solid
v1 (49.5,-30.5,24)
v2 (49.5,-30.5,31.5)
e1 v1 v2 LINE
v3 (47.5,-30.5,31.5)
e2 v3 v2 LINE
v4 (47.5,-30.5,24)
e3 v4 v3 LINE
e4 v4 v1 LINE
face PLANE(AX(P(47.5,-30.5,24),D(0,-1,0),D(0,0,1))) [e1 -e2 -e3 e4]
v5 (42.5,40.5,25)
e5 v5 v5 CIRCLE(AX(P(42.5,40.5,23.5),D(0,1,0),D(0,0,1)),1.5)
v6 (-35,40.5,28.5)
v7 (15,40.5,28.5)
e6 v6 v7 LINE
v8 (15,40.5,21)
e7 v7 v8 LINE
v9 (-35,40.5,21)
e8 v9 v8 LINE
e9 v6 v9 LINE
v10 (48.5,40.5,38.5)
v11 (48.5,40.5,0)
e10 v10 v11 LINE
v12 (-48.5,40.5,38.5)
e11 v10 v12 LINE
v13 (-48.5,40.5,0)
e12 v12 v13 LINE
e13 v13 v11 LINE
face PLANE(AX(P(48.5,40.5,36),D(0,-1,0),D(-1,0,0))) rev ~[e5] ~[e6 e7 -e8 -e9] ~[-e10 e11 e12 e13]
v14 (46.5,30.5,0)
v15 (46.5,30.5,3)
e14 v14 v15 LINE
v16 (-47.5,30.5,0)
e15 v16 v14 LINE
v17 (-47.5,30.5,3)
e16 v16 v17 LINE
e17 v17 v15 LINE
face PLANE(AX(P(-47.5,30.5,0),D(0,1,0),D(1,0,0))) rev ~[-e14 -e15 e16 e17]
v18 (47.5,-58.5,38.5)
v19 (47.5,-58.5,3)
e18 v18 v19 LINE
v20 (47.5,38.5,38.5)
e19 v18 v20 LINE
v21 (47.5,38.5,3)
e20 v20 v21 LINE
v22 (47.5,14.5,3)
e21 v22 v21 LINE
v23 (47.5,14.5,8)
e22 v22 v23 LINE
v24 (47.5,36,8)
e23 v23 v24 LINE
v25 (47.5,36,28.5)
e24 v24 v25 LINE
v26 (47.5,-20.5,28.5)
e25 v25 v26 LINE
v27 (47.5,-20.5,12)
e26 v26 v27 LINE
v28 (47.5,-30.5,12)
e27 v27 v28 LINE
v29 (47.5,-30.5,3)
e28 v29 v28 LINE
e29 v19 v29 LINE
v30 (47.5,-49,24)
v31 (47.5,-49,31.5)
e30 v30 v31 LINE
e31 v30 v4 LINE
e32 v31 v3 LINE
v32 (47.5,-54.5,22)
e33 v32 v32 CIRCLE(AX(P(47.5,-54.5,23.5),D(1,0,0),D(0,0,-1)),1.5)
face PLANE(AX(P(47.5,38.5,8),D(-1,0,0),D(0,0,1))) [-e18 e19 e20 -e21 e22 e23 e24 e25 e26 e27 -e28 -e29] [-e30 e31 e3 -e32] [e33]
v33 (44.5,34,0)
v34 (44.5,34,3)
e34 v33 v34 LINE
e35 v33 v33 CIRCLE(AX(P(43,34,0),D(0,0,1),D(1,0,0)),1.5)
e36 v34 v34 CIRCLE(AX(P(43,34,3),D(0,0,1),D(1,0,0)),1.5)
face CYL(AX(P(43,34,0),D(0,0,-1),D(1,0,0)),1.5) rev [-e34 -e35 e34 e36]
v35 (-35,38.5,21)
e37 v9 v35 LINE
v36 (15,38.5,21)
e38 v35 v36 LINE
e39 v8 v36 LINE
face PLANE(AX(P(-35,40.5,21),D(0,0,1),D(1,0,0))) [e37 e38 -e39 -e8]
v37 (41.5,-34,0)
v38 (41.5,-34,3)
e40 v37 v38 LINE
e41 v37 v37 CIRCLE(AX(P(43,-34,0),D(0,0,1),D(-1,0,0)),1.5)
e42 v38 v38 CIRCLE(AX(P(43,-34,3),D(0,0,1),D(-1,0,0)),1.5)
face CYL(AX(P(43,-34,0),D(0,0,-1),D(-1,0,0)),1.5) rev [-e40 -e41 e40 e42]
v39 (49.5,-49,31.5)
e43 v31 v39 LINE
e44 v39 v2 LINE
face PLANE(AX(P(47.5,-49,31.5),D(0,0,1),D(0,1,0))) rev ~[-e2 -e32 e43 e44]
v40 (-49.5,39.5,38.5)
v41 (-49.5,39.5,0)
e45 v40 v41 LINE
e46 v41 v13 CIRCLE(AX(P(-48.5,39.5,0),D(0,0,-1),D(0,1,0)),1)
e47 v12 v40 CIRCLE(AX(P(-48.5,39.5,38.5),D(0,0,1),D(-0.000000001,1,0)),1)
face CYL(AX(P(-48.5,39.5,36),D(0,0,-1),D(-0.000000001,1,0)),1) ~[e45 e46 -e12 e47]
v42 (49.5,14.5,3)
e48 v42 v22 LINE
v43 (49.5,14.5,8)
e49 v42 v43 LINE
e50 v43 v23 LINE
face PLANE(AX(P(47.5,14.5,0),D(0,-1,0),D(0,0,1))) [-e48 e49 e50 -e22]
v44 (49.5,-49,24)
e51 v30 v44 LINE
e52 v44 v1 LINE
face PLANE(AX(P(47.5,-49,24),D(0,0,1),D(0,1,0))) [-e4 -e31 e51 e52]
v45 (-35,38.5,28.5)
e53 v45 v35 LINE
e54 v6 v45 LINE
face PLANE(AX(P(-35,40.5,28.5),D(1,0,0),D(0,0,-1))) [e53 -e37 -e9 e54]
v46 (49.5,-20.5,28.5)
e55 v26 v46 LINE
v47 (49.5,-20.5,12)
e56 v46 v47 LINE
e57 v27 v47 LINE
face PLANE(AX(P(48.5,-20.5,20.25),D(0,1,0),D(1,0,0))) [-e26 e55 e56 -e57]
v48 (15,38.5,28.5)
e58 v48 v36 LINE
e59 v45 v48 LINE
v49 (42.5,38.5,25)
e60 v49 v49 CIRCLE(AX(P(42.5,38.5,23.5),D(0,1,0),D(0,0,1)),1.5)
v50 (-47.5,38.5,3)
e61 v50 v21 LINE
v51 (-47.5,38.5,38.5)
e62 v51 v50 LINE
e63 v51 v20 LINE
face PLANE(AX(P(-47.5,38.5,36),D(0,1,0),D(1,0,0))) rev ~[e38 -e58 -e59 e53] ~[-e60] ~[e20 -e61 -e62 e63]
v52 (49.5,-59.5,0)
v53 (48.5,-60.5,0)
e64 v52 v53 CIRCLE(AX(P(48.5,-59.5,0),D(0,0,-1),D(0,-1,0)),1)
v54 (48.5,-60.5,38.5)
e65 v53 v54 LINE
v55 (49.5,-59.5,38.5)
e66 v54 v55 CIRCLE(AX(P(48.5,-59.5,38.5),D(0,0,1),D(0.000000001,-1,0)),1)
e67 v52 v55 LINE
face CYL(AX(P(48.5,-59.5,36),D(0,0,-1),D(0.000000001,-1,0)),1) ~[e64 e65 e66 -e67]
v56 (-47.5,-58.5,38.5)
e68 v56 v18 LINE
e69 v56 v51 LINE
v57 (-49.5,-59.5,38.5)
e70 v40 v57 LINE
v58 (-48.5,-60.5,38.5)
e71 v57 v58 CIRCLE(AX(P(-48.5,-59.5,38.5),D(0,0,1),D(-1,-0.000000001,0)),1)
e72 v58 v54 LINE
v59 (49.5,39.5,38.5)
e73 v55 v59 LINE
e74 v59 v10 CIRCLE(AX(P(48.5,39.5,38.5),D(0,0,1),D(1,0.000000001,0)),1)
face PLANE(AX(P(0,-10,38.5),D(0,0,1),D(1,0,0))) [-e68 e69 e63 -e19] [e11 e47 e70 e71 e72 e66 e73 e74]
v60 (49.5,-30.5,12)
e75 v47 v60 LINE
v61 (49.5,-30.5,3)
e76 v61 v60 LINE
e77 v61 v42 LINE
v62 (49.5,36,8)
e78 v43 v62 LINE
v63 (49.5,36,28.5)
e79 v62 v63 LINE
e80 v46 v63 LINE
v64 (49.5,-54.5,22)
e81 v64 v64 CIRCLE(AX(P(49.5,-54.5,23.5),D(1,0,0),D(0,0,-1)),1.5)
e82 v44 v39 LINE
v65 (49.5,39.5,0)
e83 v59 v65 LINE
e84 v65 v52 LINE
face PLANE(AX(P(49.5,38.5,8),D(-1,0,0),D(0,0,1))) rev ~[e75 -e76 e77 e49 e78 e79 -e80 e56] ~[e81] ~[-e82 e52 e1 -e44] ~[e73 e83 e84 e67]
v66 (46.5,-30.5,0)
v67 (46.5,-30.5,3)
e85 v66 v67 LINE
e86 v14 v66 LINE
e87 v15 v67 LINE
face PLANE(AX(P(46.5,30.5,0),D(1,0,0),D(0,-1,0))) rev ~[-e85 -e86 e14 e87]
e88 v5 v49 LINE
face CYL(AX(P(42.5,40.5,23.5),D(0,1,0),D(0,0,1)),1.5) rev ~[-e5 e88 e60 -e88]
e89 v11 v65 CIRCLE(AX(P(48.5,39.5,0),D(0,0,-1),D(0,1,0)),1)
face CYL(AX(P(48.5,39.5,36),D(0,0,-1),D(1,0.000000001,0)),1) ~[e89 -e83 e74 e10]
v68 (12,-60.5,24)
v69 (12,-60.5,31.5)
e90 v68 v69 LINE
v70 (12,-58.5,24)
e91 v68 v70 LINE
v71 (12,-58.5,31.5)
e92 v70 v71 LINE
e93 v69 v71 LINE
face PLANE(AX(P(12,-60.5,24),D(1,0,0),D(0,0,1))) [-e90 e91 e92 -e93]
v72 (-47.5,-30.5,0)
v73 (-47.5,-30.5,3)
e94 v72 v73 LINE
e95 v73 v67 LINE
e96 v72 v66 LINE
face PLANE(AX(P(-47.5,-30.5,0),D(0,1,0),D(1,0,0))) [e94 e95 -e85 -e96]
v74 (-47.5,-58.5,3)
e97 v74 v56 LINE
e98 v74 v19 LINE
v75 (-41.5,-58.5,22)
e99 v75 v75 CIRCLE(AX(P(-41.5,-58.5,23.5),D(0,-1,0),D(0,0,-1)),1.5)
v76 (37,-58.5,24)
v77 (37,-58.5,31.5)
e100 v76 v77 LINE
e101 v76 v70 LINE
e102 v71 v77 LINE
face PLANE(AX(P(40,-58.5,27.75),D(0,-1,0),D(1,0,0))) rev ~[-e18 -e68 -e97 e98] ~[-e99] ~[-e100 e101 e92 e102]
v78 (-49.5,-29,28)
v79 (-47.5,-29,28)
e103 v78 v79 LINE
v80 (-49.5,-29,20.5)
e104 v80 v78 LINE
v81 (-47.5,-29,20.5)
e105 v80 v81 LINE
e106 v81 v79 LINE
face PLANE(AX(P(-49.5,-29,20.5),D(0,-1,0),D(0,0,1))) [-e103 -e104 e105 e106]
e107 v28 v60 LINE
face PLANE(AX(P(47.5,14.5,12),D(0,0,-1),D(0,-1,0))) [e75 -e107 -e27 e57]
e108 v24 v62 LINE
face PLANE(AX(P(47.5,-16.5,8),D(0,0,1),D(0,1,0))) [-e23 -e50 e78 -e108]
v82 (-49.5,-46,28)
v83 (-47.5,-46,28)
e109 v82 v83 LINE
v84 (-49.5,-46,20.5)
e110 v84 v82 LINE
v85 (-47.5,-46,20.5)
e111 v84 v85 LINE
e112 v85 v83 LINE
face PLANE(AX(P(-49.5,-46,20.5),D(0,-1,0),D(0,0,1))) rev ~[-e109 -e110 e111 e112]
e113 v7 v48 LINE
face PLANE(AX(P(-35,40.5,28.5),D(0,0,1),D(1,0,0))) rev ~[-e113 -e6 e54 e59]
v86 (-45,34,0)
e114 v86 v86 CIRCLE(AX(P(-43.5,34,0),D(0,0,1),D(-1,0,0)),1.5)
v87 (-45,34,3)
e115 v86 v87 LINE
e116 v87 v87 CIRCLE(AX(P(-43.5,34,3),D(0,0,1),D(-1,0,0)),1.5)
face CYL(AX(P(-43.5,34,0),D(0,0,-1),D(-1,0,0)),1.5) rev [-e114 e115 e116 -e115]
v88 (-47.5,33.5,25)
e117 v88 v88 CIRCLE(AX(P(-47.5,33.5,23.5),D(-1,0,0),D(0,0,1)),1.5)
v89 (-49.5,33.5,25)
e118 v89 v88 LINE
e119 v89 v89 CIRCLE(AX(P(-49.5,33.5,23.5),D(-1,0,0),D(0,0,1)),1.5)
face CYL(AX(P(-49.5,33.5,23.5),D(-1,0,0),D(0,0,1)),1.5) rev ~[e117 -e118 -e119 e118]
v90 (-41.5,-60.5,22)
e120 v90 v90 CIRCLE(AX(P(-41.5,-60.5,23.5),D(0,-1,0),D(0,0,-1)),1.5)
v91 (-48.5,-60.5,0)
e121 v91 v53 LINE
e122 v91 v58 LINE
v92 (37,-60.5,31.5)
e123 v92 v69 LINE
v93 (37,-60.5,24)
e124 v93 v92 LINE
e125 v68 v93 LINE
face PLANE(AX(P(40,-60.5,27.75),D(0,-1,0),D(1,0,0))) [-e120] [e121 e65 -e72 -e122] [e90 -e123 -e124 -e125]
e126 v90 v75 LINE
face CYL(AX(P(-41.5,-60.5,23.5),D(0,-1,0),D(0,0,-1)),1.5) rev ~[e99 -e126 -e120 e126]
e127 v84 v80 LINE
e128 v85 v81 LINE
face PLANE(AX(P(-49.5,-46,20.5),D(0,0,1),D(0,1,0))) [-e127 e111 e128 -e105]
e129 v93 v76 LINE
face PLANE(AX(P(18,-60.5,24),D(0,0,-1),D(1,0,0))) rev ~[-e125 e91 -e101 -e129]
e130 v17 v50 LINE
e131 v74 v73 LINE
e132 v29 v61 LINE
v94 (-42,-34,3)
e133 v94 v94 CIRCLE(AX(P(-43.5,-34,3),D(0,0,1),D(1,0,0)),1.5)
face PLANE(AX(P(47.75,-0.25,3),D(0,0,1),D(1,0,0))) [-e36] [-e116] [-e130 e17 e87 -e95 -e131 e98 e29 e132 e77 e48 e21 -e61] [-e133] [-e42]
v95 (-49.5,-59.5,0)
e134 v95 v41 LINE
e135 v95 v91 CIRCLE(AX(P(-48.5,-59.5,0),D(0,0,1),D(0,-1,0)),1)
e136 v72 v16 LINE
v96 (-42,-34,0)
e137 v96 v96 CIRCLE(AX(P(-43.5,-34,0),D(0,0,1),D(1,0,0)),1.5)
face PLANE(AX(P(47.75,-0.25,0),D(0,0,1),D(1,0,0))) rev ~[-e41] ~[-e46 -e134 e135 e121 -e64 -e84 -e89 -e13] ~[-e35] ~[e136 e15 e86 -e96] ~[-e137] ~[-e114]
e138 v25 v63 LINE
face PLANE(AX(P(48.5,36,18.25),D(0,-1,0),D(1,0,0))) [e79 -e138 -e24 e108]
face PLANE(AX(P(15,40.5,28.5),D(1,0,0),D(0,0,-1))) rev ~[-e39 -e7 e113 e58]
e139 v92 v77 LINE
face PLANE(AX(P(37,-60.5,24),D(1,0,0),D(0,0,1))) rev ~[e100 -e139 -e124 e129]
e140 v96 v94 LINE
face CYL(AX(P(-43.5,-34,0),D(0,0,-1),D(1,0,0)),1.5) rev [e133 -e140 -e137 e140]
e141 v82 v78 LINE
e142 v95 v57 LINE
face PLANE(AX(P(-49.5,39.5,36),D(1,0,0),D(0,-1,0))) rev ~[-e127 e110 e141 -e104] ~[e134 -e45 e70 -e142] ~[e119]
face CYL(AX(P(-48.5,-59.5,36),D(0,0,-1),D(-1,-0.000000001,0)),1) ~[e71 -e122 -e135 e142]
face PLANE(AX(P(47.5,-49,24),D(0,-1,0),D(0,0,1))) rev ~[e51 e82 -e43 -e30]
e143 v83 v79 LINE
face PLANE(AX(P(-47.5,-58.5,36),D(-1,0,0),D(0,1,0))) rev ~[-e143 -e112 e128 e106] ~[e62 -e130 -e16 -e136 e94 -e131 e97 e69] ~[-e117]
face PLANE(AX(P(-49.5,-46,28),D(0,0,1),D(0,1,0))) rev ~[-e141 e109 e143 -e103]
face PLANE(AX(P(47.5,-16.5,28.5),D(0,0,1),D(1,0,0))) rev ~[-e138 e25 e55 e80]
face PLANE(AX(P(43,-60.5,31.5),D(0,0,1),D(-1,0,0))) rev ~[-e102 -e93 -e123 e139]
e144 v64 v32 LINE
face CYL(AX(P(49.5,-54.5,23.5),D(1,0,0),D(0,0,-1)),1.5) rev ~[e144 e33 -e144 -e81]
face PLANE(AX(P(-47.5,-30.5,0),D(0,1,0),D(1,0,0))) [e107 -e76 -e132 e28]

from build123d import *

# Parameters (mm, degrees)
SKETCH_1_W           = 99
SKETCH_1_H           = 104
SKETCH_1_R           = 1.5
SKETCH_1_W_2         = 95
SKETCH_1_H_2         = 61
EXTRUDE_3_DEPTH      = 3
SKETCH_3_W           = 99
SKETCH_3_H           = 104
SKETCH_3_W_2         = 95
SKETCH_3_H_2         = 100
EXTRUDE_4_DEPTH      = 33
CUT_EXTRUDE_2_DEPTH  = 30
SKETCH_5_W           = 50
SKETCH_5_H           = 7.5
CUT_EXTRUDE_3_DEPTH  = 30
SKETCH_6_W           = 28
SKETCH_6_H           = 55
CUT_EXTRUDE_4_DEPTH  = 30
SKETCH_7_W           = 7.5
SKETCH_7_H           = 18.5
CUT_EXTRUDE_5_DEPTH  = 30
SKETCH_8_W           = 25
SKETCH_8_H           = 7.5
CUT_EXTRUDE_6_DEPTH  = 30
FILLET_1_R           = 1
SKETCH_9_W           = 2
SKETCH_9_H           = 55
EXTRUDE_5_DEPTH      = 7.5
SKETCH_14_W          = 95
SKETCH_14_H          = 33
SKETCH_14_W_2        = 25
SKETCH_14_H_2        = 7.5
EXTRUDE_6_DEPTH      = 3
SKETCH_15_W          = 178.19226754
SKETCH_15_H          = 134.394802541
CUT_EXTRUDE_8_DEPTH  = 3
EXTRUDE_7_DEPTH      = 3
SKETCH_17_W          = 7.5
SKETCH_17_H          = 17
CUT_EXTRUDE_9_DEPTH  = 3
FILLET_3_R           = 1
SKETCH_19_W          = 95
SKETCH_19_H          = 97
EXTRUDE_8_DEPTH      = 2.5
SKETCH_20_W          = 2
SKETCH_20_H          = 20.5
EXTRUDE_9_DEPTH      = 2.5
CUT_EXTRUDE_10_DEPTH = 2
EXTRUDE_11_DEPTH     = 2
SKETCH_24_R          = 1.5
CUT_EXTRUDE_11_DEPTH = 2
SKETCH_25_R          = 1.5
CUT_EXTRUDE_12_DEPTH = 2
SKETCH_26_R          = 1.5
CUT_EXTRUDE_13_DEPTH = 2
SKETCH_27_R          = 1.5
CUT_EXTRUDE_14_DEPTH = 2
SKETCH_28_W          = 2
SKETCH_28_H          = 16.5
CUT_EXTRUDE_15_DEPTH = 4
SKETCH_29_W          = 6
SKETCH_29_H          = 7.5
EXTRUDE_12_DEPTH     = 2
SKETCH_30_W          = 6
SKETCH_30_H          = 7.5
CUT_EXTRUDE_16_DEPTH = 2


with BuildPart() as part:
    # 草图1 → 凸台-拉伸3 (new body)
    with BuildSketch(Plane.XY):
        with Locations((0, -11.5)):
            Rectangle(SKETCH_1_W, SKETCH_1_H)
        with Locations((43, 34)):
            Circle(SKETCH_1_R, mode=Mode.SUBTRACT)
        with Locations(Location((-43.5, 34, 0), (0, 0, 180))):
            Circle(SKETCH_1_R, mode=Mode.SUBTRACT)
        with Locations((-43.5, -34)):
            Circle(SKETCH_1_R, mode=Mode.SUBTRACT)
        with Locations(Location((43, -34, 0), (0, 0, 180))):
            Circle(SKETCH_1_R, mode=Mode.SUBTRACT)
        Rectangle(SKETCH_1_W_2, SKETCH_1_H_2, mode=Mode.SUBTRACT)
    extrude(amount=EXTRUDE_3_DEPTH)

    # 草图3 → 凸台-拉伸4 (add)
    with BuildSketch(Plane.XY.offset(3)):
        with Locations((0, -11.5)):
            Rectangle(SKETCH_3_W, SKETCH_3_H)
        with Locations((0, -11.5)):
            Rectangle(SKETCH_3_W_2, SKETCH_3_H_2, mode=Mode.SUBTRACT)
    extrude(amount=EXTRUDE_4_DEPTH)

    # 草图4 → 切除-拉伸2 (cut)
    with BuildSketch(Plane.ZY.offset(-47.5)):
        Polygon((12, 14.5), (12, -30.5), (3, -30.5), (0, -30.5), (0, 14.5), align=None)
    extrude(amount=-CUT_EXTRUDE_2_DEPTH, mode=Mode.SUBTRACT)

    # 草图5 → 切除-拉伸3 (cut)
    with BuildSketch(Plane(origin=(0, 40.5, 0), x_dir=(1, 0, 0), z_dir=(0, 1, 0))):
        with Locations((-10, -24.75)):
            Rectangle(SKETCH_5_W, SKETCH_5_H)
    extrude(amount=-CUT_EXTRUDE_3_DEPTH, mode=Mode.SUBTRACT)

    # 草图6 → 切除-拉伸4 (cut)
    with BuildSketch(Plane.ZY.offset(-47.5)):
        with Locations((22, 11)):
            Rectangle(SKETCH_6_W, SKETCH_6_H)
    extrude(amount=-CUT_EXTRUDE_4_DEPTH, mode=Mode.SUBTRACT)

    # 草图7 → 切除-拉伸5 (cut)
    with BuildSketch(Plane.ZY.offset(-47.5)):
        with Locations((27.75, -39.75)):
            Rectangle(SKETCH_7_W, SKETCH_7_H)
    extrude(amount=-CUT_EXTRUDE_5_DEPTH, mode=Mode.SUBTRACT)

    # 草图8 → 切除-拉伸6 (cut)
    with BuildSketch(Plane(origin=(0, -61.5, 0), x_dir=(1, 0, 0), z_dir=(0, 1, 0))):
        with Locations((27.5, -24.75)):
            Rectangle(SKETCH_8_W, SKETCH_8_H)
    extrude(amount=-CUT_EXTRUDE_6_DEPTH, mode=Mode.SUBTRACT)

    # 圆角1
    fillet_1_edges = [part.edges().sort_by_distance(p)[0] for p in [
        (-49.5, 40.5, 18),
        (49.5, 40.5, 18),
        (49.5, -63.5, 18),
        (-49.5, -63.5, 18),
    ]]
    fillet(fillet_1_edges, radius=FILLET_1_R)

    # 草图9 → 凸台-拉伸5 (add)
    with BuildSketch(Plane.XY.offset(36)):
        with Locations((48.5, 11)):
            Rectangle(SKETCH_9_W, SKETCH_9_H)
    extrude(amount=-EXTRUDE_5_DEPTH)

    # 草图14 → 凸台-拉伸6 (add)
    with BuildSketch(Plane(origin=(0, -61.5, 0), x_dir=(1, 0, 0), z_dir=(0, 1, 0))):
        with Locations((0, -19.5)):
            Rectangle(SKETCH_14_W, SKETCH_14_H)
        with Locations((27.5, -24.75)):
            Rectangle(SKETCH_14_W_2, SKETCH_14_H_2, mode=Mode.SUBTRACT)
    extrude(amount=EXTRUDE_6_DEPTH)

    # 草图15 → 切除-拉伸8 (cut)
    with BuildSketch(Plane.XZ.offset(63.5)):
        with Locations((3.050514682, 15.901855456)):
            Rectangle(SKETCH_15_W, SKETCH_15_H)
    extrude(amount=-CUT_EXTRUDE_8_DEPTH, mode=Mode.SUBTRACT)

    # 草图16 → 凸台-拉伸7 (add)
    with BuildSketch(Plane(origin=(0, 0, 0), x_dir=(-1, 0, 0), z_dir=(0, 0, -1))):
        Polygon((-47.5, 30.5), (-46.5, 30.5), (-46.5, -30.5), (-49.5, -30.5), (-49.5, 14.5), (-47.5, 14.5), align=None)
    extrude(amount=-EXTRUDE_7_DEPTH)

    # 草图17 → 切除-拉伸9 (cut)
    with BuildSketch(Plane.ZY.offset(49.5)):
        with Locations((24.25, -37.5)):
            Rectangle(SKETCH_17_W, SKETCH_17_H)
    extrude(amount=-CUT_EXTRUDE_9_DEPTH, mode=Mode.SUBTRACT)

    # 圆角3
    fillet_3_edges = [part.edges().sort_by_distance(p)[0] for p in [
        (49.5, -60.5, 18),
        (-49.5, -60.5, 18),
    ]]
    fillet(fillet_3_edges, radius=FILLET_3_R)

    # 草图19 → 凸台-拉伸8 (add)
    with BuildSketch(Plane.XY.offset(36)):
        with BuildLine():
            Line((-49.5, 39.5), (-49.5, -59.5))
            ThreePointArc((-49.5, -59.5), (-49.207106781, -60.207106781), (-48.5, -60.5))
            Line((-48.5, -60.5), (48.5, -60.5))
            ThreePointArc((48.5, -60.5), (49.207106781, -60.207106781), (49.5, -59.5))
            Line((49.5, -59.5), (49.5, 39.5))
            ThreePointArc((49.5, 39.5), (49.207106781, 40.207106781), (48.5, 40.5))
            Line((48.5, 40.5), (-48.5, 40.5))
            ThreePointArc((-48.5, 40.5), (-49.207106781, 40.207106781), (-49.5, 39.5))
        make_face()
        with Locations((0, -10)):
            Rectangle(SKETCH_19_W, SKETCH_19_H, mode=Mode.SUBTRACT)
    extrude(amount=EXTRUDE_8_DEPTH)

    # 草图20 → 凸台-拉伸9 (add)
    with BuildSketch(Plane.XZ.offset(-38.5)):
        with Locations((48.5, 18.25)):
            Rectangle(SKETCH_20_W, SKETCH_20_H)
    extrude(amount=EXTRUDE_9_DEPTH)

    # 草图21 → 切除-拉伸10 (cut)
    with BuildSketch(Plane.XZ.offset(60.5)):
        Polygon((43, 24), (43, 31.5), (18, 31.5), (18, 28.5), (40, 28.5), (40, 24), align=None)
    extrude(amount=-CUT_EXTRUDE_10_DEPTH, mode=Mode.SUBTRACT)

    # 草图23 → 凸台-拉伸11 (add)
    with BuildSketch(Plane.XZ.offset(60.5)):
        Polygon((15, 28.5), (18, 28.5), (18, 24), (40, 24), (40, 21), (15, 21), align=None)
    extrude(amount=-EXTRUDE_11_DEPTH)

    # 草图24 → 切除-拉伸11 (cut)
    with BuildSketch(Plane(origin=(49.5, 0, 0), x_dir=(0, 0, -1), z_dir=(1, 0, 0))):
        with Locations((-23.5, -54.5)):
            Circle(SKETCH_24_R)
    extrude(amount=-CUT_EXTRUDE_11_DEPTH, mode=Mode.SUBTRACT)

    # 草图25 → 切除-拉伸12 (cut)
    with BuildSketch(Plane.XZ.offset(60.5)):
        with Locations(Location((-41.5, 23.5, 0), (0, 0, 270))):
            Circle(SKETCH_25_R)
    extrude(amount=-CUT_EXTRUDE_12_DEPTH, mode=Mode.SUBTRACT)

    # 草图26 → 切除-拉伸13 (cut)
    with BuildSketch(Plane.ZY.offset(49.5)):
        with Locations((23.5, 33.5)):
            Circle(SKETCH_26_R)
    extrude(amount=-CUT_EXTRUDE_13_DEPTH, mode=Mode.SUBTRACT)

    # 草图27 → 切除-拉伸14 (cut)
    with BuildSketch(Plane(origin=(0, 40.5, 0), x_dir=(1, 0, 0), z_dir=(0, 1, 0))):
        with Locations(Location((42.5, -23.5, 0), (0, 0, 270))):
            Circle(SKETCH_27_R)
    extrude(amount=-CUT_EXTRUDE_14_DEPTH, mode=Mode.SUBTRACT)

    # 草图28 → 切除-拉伸15 (cut)
    with BuildSketch(Plane(origin=(0, -16.5, 0), x_dir=(1, 0, 0), z_dir=(0, 1, 0))):
        with Locations((48.5, -20.25)):
            Rectangle(SKETCH_28_W, SKETCH_28_H)
    extrude(amount=-CUT_EXTRUDE_15_DEPTH, mode=Mode.SUBTRACT)

    # 草图29 → 凸台-拉伸12 (add)
    with BuildSketch(Plane.XZ.offset(60.5)):
        with Locations((40, 27.75)):
            Rectangle(SKETCH_29_W, SKETCH_29_H)
    extrude(amount=-EXTRUDE_12_DEPTH)

    # 草图30 → 切除-拉伸16 (cut)
    with BuildSketch(Plane.XZ.offset(60.5)):
        with Locations((15, 27.75)):
            Rectangle(SKETCH_30_W, SKETCH_30_H)
    extrude(amount=-CUT_EXTRUDE_16_DEPTH, mode=Mode.SUBTRACT)


solid = part.part
